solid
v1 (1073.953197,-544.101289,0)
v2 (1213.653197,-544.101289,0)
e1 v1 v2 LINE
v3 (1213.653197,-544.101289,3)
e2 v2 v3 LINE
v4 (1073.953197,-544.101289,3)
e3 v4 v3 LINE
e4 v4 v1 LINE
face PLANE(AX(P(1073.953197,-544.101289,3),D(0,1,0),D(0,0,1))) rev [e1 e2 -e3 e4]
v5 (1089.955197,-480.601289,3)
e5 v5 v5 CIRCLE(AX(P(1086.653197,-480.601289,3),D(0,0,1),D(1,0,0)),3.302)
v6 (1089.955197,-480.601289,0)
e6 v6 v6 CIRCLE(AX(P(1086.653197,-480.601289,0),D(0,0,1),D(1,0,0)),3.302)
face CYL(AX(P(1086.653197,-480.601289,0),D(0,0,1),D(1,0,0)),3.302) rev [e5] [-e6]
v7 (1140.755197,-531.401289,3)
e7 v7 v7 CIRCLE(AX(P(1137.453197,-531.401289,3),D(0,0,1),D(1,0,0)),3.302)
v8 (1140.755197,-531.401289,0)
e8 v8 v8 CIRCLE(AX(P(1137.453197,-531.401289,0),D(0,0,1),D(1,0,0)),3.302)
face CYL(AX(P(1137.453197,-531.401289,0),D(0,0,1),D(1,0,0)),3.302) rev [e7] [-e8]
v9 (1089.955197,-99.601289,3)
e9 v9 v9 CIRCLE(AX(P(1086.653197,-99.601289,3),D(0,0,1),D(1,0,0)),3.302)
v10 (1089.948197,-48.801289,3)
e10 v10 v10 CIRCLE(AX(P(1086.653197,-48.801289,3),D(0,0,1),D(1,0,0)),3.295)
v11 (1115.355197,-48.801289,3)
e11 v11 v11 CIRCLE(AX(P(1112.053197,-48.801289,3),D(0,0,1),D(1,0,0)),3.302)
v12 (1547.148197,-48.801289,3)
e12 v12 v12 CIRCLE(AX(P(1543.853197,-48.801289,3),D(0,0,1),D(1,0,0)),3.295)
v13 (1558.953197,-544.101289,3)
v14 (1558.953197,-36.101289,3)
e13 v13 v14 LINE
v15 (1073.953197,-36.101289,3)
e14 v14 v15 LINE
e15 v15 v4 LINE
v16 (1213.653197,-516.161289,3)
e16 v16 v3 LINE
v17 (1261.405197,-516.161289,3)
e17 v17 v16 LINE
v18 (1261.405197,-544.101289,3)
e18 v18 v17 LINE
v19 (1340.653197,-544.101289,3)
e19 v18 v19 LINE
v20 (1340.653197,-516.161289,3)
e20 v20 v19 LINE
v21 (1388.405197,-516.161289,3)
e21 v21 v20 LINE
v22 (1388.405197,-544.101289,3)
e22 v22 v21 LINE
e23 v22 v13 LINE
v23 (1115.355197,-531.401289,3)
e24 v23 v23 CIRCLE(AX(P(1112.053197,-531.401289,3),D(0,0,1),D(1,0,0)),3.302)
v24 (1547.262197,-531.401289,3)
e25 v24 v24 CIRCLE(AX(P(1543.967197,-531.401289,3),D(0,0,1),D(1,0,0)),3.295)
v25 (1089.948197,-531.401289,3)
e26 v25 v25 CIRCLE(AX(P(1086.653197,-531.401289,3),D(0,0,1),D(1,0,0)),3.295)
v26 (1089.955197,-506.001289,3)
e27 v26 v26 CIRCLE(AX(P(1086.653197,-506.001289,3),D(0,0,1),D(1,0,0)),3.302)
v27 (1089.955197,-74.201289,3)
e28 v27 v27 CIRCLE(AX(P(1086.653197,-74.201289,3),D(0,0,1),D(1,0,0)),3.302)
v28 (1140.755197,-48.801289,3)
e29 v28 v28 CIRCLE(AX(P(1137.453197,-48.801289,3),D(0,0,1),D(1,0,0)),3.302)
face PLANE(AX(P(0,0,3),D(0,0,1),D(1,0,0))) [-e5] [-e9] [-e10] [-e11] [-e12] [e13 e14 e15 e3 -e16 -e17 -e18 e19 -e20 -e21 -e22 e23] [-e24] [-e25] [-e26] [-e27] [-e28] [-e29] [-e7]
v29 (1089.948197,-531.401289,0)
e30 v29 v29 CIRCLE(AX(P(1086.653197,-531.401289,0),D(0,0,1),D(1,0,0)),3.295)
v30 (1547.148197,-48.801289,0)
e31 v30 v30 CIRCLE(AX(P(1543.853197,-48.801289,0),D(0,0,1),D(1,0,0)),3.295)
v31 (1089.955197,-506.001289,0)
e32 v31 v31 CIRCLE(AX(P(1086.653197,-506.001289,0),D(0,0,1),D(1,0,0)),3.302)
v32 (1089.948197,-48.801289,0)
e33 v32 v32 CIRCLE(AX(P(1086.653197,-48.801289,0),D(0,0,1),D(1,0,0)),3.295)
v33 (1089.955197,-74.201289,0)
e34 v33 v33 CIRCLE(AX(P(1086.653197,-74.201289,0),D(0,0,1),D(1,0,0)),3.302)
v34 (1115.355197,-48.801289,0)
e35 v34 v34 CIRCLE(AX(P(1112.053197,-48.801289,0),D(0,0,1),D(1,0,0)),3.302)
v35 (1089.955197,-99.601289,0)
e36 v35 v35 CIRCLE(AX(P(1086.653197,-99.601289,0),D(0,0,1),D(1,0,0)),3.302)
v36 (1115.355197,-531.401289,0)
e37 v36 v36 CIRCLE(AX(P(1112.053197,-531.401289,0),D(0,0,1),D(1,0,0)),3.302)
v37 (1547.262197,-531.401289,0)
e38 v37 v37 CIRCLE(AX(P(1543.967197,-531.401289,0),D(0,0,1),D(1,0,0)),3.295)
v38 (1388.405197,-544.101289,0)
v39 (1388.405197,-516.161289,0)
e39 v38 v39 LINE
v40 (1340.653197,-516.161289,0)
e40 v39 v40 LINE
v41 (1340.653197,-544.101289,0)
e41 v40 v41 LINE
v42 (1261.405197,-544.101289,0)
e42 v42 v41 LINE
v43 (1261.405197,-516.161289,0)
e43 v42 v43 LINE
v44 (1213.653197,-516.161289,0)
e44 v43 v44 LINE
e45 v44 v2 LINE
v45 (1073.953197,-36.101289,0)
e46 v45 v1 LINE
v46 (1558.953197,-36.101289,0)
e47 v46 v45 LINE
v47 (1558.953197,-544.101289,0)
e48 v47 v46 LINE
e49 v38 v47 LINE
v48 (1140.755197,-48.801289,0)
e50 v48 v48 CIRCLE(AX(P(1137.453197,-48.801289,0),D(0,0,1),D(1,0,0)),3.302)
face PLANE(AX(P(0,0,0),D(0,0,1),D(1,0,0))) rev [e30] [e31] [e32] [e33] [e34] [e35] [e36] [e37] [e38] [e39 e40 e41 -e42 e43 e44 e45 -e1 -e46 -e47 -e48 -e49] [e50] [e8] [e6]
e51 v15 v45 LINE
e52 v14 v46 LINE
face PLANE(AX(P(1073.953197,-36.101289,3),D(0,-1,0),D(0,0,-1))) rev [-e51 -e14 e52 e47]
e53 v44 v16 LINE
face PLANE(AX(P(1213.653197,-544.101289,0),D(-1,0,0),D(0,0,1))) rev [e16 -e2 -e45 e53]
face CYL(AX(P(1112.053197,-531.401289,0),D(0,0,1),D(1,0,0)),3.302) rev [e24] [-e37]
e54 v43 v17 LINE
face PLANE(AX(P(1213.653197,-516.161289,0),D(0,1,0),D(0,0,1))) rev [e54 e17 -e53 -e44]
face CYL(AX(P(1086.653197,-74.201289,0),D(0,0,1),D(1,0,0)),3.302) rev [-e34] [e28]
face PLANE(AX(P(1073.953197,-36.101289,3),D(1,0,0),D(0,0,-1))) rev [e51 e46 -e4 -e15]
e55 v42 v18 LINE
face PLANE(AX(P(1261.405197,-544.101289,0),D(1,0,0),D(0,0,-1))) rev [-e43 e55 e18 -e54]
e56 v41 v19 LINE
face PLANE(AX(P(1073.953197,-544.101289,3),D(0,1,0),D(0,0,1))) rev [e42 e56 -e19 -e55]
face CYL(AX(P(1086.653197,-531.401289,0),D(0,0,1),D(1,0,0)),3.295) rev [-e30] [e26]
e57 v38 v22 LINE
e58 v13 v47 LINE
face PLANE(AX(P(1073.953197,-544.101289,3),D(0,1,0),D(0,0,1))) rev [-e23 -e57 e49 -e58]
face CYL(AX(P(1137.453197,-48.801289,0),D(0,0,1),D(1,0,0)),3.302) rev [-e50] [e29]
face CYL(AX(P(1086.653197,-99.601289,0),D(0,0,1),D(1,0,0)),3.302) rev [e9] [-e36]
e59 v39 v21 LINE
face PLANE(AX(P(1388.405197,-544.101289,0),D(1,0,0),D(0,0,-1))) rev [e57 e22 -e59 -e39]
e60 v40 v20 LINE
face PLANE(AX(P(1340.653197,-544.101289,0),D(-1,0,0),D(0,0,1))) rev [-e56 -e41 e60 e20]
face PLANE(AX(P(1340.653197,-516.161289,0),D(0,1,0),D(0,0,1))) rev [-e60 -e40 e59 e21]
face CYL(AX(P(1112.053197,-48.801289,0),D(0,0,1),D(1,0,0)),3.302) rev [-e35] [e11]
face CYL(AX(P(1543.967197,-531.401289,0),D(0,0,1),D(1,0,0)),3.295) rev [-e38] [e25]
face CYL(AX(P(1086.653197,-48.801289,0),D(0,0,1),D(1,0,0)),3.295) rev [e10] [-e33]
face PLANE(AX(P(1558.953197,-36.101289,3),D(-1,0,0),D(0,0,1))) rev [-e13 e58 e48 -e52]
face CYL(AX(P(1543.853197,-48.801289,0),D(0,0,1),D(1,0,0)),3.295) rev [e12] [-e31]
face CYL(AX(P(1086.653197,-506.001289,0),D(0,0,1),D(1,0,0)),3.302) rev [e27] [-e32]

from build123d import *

# Parameters (mm, degrees)
SKETCH1_W           = 485
SKETCH1_H           = 508
BOSS_EXTRUDE1_DEPTH = 3
SKETCH2_R           = 3.295
CUT_EXTRUDE1_DEPTH  = 3
SKETCH3_W           = 47.752
SKETCH3_H           = 27.94
CUT_EXTRUDE2_DEPTH  = 1652.178452636
SKETCH4_R           = 3.302
CUT_EXTRUDE3_DEPTH  = 1652.178452636


with BuildPart() as part:
    # Sketch1 → Boss-Extrude1 (new body)
    with BuildSketch(Plane.XY):
        with Locations((1316.453196618, -290.101289471)):
            Rectangle(SKETCH1_W, SKETCH1_H)
    extrude(amount=BOSS_EXTRUDE1_DEPTH)

    # Sketch2 → Cut-Extrude1 (cut)
    with BuildSketch(Plane.XY.offset(3)):
        with Locations((1086.653196618, -48.801289471)):
            Circle(SKETCH2_R)
        with Locations((1543.853196618, -48.801289471)):
            Circle(SKETCH2_R)
        with Locations((1543.967196618, -531.401289471)):
            Circle(SKETCH2_R)
        with Locations((1086.653196618, -531.401289471)):
            Circle(SKETCH2_R)
    extrude(amount=-CUT_EXTRUDE1_DEPTH, mode=Mode.SUBTRACT)

    # Sketch3 → Cut-Extrude2 (cut, through all)
    with BuildSketch(Plane.XY.offset(3)):
        with Locations((1237.529196618, -530.131289471)):
            Rectangle(SKETCH3_W, SKETCH3_H)
        with Locations((1364.529196618, -530.131289471)):
            Rectangle(SKETCH3_W, SKETCH3_H)
    extrude(amount=-CUT_EXTRUDE2_DEPTH, mode=Mode.SUBTRACT)

    # Sketch4 → Cut-Extrude3 (cut, through all)
    with BuildSketch(Plane.XY.offset(3)):
        with Locations((1112.053196618, -48.801289471)):
            Circle(SKETCH4_R)
        with Locations((1137.453196618, -48.801289471)):
            Circle(SKETCH4_R)
        with Locations((1086.653196618, -74.201289471)):
            Circle(SKETCH4_R)
        with Locations((1086.653196618, -99.601289471)):
            Circle(SKETCH4_R)
        with Locations((1086.653196618, -480.601289471)):
            Circle(SKETCH4_R)
        with Locations((1086.653196618, -506.001289471)):
            Circle(SKETCH4_R)
        with Locations((1112.053196618, -531.401289471)):
            Circle(SKETCH4_R)
        with Locations((1137.453196618, -531.401289471)):
            Circle(SKETCH4_R)
    extrude(amount=-CUT_EXTRUDE3_DEPTH, mode=Mode.SUBTRACT)


solid = part.part
